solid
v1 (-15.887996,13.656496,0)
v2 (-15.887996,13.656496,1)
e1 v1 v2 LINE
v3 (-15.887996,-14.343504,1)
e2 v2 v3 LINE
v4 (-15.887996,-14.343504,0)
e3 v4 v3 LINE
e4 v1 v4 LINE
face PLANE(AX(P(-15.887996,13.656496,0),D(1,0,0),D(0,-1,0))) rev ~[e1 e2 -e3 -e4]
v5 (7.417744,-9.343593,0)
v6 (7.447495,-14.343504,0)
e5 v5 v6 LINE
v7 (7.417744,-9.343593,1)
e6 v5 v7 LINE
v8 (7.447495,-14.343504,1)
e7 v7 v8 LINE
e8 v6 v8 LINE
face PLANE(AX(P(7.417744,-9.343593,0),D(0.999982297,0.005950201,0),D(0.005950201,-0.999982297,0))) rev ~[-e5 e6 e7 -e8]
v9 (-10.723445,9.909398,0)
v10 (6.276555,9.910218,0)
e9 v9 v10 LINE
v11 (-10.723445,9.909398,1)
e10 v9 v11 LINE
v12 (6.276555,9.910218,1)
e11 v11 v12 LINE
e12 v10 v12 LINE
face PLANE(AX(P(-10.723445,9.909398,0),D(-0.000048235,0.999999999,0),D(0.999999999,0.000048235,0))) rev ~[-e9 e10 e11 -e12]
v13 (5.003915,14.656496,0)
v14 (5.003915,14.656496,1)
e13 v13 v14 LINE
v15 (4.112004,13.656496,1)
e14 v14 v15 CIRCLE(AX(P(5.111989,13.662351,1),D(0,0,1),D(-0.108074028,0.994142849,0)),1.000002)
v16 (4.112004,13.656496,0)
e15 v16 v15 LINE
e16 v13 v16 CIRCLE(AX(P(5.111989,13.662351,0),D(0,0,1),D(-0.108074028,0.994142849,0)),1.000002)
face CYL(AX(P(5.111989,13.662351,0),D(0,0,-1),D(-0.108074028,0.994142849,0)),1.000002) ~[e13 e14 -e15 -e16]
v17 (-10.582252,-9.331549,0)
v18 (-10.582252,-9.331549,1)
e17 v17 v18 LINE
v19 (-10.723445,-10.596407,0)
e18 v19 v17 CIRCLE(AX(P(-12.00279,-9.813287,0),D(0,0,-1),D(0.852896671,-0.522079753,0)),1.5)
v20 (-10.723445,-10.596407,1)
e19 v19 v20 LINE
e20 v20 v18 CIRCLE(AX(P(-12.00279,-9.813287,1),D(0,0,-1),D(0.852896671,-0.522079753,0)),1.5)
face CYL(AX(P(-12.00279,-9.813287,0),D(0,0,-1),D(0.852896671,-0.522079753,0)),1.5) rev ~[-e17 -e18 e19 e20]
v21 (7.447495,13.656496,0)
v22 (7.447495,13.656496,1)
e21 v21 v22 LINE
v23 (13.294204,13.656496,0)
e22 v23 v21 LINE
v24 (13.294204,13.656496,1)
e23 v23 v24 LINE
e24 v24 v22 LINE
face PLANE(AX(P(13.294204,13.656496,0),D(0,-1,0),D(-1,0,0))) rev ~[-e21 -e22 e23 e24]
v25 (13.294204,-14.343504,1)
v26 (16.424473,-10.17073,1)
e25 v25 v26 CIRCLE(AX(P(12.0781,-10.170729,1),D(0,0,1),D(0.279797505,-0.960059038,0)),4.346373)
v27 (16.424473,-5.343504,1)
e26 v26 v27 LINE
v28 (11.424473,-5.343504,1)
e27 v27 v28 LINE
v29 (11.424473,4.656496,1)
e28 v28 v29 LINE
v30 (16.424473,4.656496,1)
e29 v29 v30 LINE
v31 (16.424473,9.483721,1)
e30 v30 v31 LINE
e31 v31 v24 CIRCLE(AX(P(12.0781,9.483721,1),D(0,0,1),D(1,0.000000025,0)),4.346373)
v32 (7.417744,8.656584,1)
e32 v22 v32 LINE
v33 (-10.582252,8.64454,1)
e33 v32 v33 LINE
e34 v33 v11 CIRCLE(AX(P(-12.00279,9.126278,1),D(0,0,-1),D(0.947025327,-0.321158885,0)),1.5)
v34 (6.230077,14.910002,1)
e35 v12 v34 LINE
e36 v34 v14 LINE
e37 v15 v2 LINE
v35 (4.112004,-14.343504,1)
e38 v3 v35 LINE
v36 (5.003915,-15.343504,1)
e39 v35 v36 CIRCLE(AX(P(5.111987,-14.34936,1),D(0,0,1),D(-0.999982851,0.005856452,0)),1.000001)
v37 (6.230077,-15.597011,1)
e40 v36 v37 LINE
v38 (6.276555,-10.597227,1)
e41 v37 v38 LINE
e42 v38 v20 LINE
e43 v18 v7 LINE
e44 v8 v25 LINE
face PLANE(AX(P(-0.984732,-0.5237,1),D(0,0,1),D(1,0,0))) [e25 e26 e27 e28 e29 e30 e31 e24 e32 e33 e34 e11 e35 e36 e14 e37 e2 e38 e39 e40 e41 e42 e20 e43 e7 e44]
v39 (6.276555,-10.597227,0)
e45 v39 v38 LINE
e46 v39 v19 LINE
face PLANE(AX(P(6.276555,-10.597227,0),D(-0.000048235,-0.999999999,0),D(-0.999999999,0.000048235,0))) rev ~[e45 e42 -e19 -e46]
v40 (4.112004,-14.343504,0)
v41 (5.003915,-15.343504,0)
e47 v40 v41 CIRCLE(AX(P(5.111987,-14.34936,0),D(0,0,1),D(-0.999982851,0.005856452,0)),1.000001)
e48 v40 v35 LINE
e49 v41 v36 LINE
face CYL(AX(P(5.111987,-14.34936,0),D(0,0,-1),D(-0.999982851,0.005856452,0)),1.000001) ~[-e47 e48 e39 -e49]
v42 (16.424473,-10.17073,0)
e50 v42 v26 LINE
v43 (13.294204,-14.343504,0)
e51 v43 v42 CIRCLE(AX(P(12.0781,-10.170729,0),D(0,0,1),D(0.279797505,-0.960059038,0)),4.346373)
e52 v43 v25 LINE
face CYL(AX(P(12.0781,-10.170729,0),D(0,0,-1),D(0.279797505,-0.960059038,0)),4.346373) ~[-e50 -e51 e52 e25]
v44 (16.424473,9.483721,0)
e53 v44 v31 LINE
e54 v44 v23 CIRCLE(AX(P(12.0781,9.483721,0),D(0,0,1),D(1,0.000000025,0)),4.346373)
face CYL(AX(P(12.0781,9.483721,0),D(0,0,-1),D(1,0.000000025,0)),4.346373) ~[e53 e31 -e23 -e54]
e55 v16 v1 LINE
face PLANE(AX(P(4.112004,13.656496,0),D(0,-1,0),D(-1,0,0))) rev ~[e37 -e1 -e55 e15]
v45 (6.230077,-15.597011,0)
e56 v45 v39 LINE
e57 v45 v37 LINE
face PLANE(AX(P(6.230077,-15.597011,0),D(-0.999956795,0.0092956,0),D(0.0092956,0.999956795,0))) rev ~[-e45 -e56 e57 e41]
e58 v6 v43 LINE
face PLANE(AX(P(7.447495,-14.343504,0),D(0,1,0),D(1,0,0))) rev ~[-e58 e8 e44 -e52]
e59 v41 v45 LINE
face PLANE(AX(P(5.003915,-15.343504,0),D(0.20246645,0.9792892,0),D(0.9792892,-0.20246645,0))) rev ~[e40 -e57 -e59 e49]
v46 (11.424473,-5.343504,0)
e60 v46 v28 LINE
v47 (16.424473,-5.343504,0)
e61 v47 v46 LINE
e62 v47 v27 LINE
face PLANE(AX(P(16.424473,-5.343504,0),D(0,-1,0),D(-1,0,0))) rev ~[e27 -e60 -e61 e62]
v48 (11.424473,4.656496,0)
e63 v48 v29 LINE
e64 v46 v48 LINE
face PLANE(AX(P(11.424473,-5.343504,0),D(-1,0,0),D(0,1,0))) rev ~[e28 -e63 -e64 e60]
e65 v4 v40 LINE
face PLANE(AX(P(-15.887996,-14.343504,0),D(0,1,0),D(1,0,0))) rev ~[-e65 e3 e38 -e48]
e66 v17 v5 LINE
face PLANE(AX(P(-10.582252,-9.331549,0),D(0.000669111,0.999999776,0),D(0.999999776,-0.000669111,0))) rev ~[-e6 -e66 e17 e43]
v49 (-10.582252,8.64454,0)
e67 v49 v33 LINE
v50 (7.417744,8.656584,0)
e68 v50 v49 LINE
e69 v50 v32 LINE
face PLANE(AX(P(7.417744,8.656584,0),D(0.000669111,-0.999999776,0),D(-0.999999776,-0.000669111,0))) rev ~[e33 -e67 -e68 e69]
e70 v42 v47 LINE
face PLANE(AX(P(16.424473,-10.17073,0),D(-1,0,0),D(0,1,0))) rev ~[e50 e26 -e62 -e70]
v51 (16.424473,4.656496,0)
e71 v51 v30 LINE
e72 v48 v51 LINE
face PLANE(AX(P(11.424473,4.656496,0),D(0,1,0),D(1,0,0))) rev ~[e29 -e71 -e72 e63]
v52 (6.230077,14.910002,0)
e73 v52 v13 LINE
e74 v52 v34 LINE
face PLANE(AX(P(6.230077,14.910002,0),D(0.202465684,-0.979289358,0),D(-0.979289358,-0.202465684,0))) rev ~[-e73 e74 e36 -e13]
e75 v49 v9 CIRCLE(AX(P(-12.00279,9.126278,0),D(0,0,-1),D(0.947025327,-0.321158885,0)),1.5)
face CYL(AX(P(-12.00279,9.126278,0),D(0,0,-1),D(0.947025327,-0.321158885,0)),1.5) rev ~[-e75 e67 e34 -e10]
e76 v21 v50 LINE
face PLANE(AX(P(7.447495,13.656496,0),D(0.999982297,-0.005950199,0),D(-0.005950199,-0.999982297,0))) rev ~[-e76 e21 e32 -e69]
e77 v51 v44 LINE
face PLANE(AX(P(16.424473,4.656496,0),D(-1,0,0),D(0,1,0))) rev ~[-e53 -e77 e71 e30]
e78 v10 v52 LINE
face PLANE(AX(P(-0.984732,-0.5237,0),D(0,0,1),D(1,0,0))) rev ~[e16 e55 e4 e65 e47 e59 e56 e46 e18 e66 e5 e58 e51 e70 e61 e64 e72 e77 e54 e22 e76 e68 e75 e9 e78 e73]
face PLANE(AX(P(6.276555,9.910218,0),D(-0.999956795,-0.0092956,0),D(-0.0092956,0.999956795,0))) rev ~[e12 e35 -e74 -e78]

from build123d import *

# Parameters (mm, degrees)
F1_DEPTH = 1


with BuildPart() as f1:
    # F0 (on Top) → F1 (new body)
    with BuildSketch(Plane.XY):
        with BuildLine():
            Line((12.941082, 13.656496), (7.447495, 13.656496))
            Line((7.447495, 13.656496), (7.417744, 8.656584))
            Line((7.417744, 8.656584), (-10.582252, 8.64454))
            ThreePointArc((-10.582252, 8.64454), (-13.493531, 8.959871), (-10.723445, 9.909398))
            Line((-10.723445, 9.909398), (6.276555, 9.910218))
            Line((6.276555, 9.910218), (6.230077, 14.910002))
            Line((6.230077, 14.910002), (5.003915, 14.656496))
            ThreePointArc((5.003915, 14.656496), (4.365699, 14.327975), (4.112004, 13.656496))
            Line((4.112004, 13.656496), (-15.887996, 13.656496))
            Line((-15.887996, 13.656496), (-15.887996, -14.343504))
            Line((-15.887996, -14.343504), (4.112004, -14.343504))
            ThreePointArc((4.112004, -14.343504), (4.365699, -15.014984), (5.003915, -15.343504))
            Line((5.003915, -15.343504), (6.230077, -15.597011))
            Line((6.230077, -15.597011), (6.276555, -10.597227))
            Line((6.276555, -10.597227), (-10.723445, -10.596407))
            ThreePointArc((-10.723445, -10.596407), (-13.493531, -9.646879), (-10.582252, -9.331549))
            Line((-10.582252, -9.331549), (7.417744, -9.343593))
            Line((7.417744, -9.343593), (7.447495, -14.343504))
            Line((7.447495, -14.343504), (13.294204, -14.343504))
            ThreePointArc((13.294204, -14.343504), (15.554923, -12.77892), (16.424473, -10.17073))
            Line((16.424473, -10.17073), (16.424473, -5.343504))
            Line((16.424473, -5.343504), (11.424473, -5.343504))
            Line((11.424473, -5.343504), (11.424473, 4.656496))
            Line((11.424473, 4.656496), (12.941082, 4.656496))
            Line((12.941082, 4.656496), (12.941082, 13.656496))
        make_face()
        with BuildLine():
            Line((13.294204, 13.656496), (12.941082, 13.656496))
            Line((12.941082, 13.656496), (12.941082, 4.656496))
            Line((12.941082, 4.656496), (16.424473, 4.656496))
            Line((16.424473, 4.656496), (16.424473, 9.483721))
            ThreePointArc((16.424473, 9.483721), (15.554923, 12.091912), (13.294204, 13.656496))
        make_face()
    extrude(amount=F1_DEPTH)


solid = f1.part
